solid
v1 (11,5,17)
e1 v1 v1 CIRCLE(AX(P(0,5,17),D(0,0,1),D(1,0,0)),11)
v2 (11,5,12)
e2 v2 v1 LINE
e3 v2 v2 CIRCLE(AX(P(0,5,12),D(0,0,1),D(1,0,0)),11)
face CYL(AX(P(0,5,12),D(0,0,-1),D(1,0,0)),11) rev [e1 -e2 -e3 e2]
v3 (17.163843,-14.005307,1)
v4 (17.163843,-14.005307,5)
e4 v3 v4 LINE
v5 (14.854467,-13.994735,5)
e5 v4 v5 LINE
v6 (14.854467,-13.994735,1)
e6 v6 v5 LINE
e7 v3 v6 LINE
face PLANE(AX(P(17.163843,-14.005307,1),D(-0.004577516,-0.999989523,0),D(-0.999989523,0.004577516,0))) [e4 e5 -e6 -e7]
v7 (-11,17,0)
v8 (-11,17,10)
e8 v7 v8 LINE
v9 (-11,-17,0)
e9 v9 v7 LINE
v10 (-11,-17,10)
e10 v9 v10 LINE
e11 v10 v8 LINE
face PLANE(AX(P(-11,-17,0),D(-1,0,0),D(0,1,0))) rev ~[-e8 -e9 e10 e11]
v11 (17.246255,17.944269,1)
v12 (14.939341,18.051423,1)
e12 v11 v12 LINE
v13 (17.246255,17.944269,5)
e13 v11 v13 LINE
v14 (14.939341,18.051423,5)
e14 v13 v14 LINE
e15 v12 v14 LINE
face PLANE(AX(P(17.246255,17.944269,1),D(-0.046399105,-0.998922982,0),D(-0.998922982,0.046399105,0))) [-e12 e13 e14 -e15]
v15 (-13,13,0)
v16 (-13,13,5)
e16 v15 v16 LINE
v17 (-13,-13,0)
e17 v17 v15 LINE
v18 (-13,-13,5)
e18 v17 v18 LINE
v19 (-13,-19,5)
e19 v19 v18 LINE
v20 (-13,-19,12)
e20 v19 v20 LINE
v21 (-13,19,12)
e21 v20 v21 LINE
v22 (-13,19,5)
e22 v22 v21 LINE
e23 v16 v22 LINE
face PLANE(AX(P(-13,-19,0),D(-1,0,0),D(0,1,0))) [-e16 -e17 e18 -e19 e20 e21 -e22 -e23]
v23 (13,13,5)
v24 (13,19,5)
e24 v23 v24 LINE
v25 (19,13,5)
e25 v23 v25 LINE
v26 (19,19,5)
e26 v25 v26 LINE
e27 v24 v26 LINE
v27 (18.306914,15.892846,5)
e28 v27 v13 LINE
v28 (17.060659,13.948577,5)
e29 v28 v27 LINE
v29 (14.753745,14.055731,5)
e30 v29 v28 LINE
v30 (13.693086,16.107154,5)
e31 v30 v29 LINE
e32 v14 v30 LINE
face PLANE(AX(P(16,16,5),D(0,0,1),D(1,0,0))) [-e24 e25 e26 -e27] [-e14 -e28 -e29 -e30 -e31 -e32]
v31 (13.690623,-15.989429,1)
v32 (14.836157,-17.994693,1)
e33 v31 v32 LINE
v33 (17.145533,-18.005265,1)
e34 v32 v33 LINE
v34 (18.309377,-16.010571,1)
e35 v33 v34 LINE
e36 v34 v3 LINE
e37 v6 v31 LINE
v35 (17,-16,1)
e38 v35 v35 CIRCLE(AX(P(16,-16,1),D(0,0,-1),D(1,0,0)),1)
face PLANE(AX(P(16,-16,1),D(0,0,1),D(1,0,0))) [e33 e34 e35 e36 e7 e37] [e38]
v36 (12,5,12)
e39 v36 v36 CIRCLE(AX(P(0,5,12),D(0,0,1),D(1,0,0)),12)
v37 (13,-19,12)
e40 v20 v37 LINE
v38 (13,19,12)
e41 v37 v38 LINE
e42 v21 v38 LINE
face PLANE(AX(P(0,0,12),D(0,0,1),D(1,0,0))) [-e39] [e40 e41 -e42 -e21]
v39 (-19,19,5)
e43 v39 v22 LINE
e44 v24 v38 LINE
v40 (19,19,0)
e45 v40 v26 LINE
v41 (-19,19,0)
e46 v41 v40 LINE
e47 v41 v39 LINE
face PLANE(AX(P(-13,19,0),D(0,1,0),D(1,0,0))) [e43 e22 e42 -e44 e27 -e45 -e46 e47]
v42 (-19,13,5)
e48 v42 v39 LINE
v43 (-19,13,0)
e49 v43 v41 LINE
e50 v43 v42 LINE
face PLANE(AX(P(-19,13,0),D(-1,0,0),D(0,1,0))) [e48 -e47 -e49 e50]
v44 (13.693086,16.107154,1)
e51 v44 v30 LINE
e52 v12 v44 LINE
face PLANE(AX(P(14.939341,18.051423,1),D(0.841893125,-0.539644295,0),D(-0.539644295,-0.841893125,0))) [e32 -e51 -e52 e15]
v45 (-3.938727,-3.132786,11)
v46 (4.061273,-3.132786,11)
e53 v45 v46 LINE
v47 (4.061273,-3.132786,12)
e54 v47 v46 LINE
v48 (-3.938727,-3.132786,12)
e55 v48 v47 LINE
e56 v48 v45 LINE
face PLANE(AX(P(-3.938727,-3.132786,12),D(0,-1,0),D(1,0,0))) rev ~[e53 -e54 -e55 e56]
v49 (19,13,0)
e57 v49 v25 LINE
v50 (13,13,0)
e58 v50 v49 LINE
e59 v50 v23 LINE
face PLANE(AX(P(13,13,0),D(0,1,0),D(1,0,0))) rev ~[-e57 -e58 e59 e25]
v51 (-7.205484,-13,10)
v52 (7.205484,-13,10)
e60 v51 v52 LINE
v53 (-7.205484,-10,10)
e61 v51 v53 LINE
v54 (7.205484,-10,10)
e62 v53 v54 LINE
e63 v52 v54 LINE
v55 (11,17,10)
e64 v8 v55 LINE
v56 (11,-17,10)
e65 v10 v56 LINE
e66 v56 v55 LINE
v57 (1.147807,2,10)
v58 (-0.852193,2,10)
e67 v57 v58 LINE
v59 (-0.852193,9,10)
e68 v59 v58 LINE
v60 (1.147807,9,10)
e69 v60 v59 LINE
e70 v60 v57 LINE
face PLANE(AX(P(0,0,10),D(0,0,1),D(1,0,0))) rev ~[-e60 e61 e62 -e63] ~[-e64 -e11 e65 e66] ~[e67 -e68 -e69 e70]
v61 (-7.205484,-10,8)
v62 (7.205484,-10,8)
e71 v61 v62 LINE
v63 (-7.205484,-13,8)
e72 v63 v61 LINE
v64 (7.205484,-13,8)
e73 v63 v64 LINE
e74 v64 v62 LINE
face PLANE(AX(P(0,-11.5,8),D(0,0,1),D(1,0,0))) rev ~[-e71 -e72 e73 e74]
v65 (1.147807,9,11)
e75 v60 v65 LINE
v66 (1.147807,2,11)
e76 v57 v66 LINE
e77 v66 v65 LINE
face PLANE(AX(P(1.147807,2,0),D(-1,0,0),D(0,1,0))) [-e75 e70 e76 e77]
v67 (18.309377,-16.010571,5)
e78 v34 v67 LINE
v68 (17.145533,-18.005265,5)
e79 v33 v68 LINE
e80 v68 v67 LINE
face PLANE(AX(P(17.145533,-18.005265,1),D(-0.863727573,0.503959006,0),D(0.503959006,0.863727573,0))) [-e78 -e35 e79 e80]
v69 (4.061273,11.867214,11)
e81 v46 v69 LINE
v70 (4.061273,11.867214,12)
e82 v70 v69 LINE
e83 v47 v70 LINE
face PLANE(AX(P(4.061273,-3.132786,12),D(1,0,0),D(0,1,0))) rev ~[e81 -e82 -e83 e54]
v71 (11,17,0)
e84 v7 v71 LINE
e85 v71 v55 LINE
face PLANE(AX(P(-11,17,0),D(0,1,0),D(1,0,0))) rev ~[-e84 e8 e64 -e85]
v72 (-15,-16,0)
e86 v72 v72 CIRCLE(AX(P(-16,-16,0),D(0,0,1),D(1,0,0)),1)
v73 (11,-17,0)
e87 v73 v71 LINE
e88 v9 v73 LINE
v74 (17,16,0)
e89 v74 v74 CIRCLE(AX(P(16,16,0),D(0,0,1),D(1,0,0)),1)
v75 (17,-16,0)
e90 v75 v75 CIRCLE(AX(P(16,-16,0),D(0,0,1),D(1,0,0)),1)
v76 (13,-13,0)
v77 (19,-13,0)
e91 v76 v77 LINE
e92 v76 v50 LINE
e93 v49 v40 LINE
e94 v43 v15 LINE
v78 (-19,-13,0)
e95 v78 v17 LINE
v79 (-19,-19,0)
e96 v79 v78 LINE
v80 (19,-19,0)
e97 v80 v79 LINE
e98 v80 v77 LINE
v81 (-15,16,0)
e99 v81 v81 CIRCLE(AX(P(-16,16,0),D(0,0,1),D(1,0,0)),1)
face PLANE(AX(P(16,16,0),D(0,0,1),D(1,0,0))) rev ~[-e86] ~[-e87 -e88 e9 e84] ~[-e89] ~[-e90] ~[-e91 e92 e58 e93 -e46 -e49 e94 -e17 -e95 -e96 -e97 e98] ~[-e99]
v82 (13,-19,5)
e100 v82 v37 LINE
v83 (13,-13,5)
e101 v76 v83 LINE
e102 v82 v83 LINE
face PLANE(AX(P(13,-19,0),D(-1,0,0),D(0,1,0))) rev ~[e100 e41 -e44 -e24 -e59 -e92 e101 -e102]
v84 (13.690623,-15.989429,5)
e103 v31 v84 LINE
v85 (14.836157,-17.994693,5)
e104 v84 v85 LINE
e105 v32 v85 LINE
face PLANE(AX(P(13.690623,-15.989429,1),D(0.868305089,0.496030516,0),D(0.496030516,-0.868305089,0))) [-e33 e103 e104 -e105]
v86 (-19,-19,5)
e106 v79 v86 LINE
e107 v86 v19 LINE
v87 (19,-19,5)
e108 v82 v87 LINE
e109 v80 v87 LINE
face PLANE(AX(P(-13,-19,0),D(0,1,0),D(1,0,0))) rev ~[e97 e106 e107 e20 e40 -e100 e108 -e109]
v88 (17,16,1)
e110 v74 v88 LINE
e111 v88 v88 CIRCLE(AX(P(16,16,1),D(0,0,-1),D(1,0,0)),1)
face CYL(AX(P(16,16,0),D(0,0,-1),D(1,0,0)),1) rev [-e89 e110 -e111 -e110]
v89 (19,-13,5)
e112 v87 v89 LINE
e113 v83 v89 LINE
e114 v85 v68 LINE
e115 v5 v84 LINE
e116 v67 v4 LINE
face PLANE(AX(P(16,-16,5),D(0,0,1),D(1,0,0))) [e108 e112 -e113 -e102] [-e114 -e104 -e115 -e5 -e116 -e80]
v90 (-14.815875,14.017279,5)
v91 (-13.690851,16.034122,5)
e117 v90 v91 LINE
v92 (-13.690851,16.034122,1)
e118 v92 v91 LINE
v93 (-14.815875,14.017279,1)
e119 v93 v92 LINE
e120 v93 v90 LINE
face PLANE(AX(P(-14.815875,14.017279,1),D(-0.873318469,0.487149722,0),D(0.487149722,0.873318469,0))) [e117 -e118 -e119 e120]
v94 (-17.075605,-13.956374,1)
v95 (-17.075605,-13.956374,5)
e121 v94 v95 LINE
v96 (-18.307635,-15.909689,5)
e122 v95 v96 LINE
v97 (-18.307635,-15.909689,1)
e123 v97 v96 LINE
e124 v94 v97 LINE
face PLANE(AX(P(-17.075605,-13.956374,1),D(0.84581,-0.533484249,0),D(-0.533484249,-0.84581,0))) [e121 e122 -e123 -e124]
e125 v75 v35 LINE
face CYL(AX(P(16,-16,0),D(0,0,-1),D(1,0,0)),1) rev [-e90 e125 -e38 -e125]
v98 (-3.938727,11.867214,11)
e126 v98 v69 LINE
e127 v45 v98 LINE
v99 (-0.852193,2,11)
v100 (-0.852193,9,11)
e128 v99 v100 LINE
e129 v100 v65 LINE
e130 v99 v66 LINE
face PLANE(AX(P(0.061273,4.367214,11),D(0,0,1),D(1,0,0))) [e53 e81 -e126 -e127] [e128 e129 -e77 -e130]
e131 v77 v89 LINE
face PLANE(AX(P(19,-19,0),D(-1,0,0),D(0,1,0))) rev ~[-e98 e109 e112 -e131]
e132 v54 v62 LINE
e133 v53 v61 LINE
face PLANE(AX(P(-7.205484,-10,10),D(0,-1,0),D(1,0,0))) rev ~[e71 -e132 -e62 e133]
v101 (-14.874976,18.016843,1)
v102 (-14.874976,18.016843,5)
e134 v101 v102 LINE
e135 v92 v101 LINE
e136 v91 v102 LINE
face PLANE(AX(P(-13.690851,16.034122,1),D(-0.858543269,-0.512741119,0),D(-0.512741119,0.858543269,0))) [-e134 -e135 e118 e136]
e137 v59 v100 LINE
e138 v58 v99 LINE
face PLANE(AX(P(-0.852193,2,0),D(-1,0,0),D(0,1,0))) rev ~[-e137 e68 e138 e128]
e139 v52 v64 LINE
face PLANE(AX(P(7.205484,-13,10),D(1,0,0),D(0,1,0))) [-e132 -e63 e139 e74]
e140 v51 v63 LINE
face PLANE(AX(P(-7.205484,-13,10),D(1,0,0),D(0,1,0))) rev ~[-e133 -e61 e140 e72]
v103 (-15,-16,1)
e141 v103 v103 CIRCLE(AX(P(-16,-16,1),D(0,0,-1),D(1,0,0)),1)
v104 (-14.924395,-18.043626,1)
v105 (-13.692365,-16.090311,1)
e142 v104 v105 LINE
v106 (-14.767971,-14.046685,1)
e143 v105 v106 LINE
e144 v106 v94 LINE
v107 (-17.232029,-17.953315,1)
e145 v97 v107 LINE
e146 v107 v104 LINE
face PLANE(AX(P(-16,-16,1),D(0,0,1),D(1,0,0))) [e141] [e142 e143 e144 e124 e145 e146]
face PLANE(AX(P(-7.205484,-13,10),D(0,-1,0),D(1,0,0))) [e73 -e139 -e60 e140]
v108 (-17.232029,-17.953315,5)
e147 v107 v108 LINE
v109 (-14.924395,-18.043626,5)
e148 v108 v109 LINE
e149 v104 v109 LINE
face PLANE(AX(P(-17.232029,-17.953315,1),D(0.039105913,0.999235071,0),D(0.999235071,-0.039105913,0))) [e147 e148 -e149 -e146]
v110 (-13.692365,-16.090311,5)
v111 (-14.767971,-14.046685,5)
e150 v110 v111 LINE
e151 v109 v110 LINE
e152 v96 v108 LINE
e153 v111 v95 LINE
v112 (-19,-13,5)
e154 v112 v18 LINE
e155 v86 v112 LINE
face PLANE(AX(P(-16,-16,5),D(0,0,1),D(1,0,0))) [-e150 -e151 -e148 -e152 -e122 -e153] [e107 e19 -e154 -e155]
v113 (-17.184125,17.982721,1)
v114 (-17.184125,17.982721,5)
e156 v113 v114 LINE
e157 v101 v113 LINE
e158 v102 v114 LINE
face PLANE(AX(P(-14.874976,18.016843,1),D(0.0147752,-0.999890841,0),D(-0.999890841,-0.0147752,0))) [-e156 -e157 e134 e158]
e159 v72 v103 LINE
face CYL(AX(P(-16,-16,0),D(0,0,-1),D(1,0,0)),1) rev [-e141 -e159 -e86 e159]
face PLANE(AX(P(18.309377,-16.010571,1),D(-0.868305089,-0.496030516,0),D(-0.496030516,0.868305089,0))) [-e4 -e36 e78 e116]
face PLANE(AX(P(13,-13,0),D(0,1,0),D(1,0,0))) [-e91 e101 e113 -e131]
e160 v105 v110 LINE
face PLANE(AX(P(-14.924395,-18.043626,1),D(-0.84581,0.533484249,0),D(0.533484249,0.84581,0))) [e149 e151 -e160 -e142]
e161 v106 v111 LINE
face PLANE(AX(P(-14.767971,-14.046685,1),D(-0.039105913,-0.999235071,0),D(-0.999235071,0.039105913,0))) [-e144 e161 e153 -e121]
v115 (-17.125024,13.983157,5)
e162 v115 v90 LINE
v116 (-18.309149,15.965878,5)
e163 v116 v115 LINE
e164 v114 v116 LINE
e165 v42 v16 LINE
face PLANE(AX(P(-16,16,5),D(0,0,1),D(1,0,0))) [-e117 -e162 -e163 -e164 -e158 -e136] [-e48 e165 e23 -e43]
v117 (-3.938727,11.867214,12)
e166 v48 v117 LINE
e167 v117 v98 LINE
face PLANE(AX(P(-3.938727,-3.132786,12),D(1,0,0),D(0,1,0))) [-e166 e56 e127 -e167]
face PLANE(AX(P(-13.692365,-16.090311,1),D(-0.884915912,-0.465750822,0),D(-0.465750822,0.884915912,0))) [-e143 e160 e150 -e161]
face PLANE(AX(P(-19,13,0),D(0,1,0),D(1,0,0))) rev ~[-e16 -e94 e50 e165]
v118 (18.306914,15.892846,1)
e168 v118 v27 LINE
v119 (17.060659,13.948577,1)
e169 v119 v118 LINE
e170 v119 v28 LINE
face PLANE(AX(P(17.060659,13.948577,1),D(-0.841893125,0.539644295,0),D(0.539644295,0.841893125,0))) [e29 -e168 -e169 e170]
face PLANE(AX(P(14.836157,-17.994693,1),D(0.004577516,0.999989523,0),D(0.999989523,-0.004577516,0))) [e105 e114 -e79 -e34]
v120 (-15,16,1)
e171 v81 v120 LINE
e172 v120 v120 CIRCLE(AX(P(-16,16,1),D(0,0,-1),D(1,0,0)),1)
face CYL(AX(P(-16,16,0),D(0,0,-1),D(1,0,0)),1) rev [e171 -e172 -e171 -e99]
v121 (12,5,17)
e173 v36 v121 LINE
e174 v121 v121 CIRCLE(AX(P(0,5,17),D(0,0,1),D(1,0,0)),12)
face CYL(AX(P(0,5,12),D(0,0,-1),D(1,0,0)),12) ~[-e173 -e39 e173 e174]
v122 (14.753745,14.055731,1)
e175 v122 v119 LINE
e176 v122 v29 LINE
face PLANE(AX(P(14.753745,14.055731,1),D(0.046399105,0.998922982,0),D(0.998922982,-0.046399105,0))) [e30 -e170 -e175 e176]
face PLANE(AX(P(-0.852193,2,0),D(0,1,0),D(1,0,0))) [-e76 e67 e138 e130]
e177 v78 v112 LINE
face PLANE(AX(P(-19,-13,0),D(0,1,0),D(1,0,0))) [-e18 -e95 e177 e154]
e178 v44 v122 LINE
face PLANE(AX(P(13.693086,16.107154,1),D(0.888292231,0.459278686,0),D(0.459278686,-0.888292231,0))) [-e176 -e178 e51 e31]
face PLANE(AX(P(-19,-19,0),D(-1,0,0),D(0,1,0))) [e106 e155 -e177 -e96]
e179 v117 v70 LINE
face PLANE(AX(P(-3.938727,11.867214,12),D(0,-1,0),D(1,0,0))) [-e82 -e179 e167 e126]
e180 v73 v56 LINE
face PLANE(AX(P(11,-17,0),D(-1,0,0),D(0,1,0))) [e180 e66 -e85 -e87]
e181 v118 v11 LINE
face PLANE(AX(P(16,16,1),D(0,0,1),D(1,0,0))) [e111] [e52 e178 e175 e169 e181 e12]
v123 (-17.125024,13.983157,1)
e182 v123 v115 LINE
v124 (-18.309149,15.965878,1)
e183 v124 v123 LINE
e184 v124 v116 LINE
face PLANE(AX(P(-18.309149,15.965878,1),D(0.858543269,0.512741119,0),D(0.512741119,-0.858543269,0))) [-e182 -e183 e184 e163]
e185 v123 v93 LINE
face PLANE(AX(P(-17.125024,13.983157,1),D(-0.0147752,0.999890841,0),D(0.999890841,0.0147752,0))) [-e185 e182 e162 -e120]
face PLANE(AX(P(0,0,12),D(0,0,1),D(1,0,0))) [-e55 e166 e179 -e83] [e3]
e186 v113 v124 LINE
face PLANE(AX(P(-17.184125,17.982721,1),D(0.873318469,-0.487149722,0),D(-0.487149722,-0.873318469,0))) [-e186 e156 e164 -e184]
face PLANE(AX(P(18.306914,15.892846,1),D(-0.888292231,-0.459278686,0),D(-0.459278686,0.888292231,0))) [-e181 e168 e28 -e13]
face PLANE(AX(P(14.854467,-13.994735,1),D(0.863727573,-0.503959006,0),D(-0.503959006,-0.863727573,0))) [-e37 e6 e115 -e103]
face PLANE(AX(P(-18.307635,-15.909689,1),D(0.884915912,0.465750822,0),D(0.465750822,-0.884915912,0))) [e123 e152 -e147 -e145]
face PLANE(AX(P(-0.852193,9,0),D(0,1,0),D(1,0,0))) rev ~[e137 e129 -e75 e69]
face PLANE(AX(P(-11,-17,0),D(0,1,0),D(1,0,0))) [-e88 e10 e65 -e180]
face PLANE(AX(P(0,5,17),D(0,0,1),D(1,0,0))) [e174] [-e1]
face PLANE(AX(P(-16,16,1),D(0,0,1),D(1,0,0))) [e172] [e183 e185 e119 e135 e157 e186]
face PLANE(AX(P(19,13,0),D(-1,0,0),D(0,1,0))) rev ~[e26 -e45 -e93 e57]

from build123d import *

# Parameters (mm, degrees)
SKETCH_1_W          = 26
SKETCH_1_H          = 38
EXTRUDE_1_DEPTH     = 12
SKETCH_2_W          = 22
SKETCH_2_H          = 34
CUT_EXTRUDE_1_DEPTH = 10
SKETCH_3_W          = 2
SKETCH_3_H          = 7
CUT_EXTRUDE_3_DEPTH = 12
SKETCH_4_W          = 6
SKETCH_4_H          = 6
EXTRUDE_2_DEPTH     = 5
SKETCH_5_R          = 1
CUT_EXTRUDE_4_DEPTH = 13
CUT_EXTRUDE_START   = 1
CUT_EXTRUDE_5_DEPTH = 4
SKETCH_7_R          = 12
SKETCH_7_R_2        = 11
EXTRUDE_3_DEPTH     = 5
SKETCH_9_W          = 8
SKETCH_9_H          = 15
CUT_EXTRUDE_7_DEPTH = 1
SKETCH_10_W         = 14.41096837
SKETCH_10_H         = 3
EXTRUDE_4_DEPTH     = 2


with BuildPart() as part:
    # ｽｹｯﾁ1 → ﾎﾞｽ - 押し出し1 (new body)
    with BuildSketch(Plane.XY):
        Rectangle(SKETCH_1_W, SKETCH_1_H)
    extrude(amount=EXTRUDE_1_DEPTH)

    # ｽｹｯﾁ2 → ｶｯﾄ - 押し出し1 (cut)
    with BuildSketch(Plane.XY):
        Rectangle(SKETCH_2_W, SKETCH_2_H)
    extrude(amount=CUT_EXTRUDE_1_DEPTH, mode=Mode.SUBTRACT)

    # ｽｹｯﾁ3 → ｶｯﾄ - 押し出し3 (cut)
    with BuildSketch(Plane.XY):
        with Locations((0.147807357, 5.5)):
            Rectangle(SKETCH_3_W, SKETCH_3_H)
    extrude(amount=CUT_EXTRUDE_3_DEPTH, mode=Mode.SUBTRACT)

    # ｽｹｯﾁ4 → ﾎﾞｽ - 押し出し2 (add)
    with BuildSketch(Plane.XY):
        with Locations((16, 16)):
            Rectangle(SKETCH_4_W, SKETCH_4_H)
        with Locations((16, -16)):
            Rectangle(SKETCH_4_W, SKETCH_4_H)
        with Locations((-16, -16)):
            Rectangle(SKETCH_4_W, SKETCH_4_H)
        with Locations((-16, 16)):
            Rectangle(SKETCH_4_W, SKETCH_4_H)
    extrude(amount=EXTRUDE_2_DEPTH)

    # ｽｹｯﾁ5 → ｶｯﾄ - 押し出し4 (cut, through all)
    with BuildSketch(Plane.XY):
        with Locations((-16, 16)):
            Circle(SKETCH_5_R)
        with Locations((-16, -16)):
            Circle(SKETCH_5_R)
        with Locations((16, -16)):
            Circle(SKETCH_5_R)
        with Locations((16, 16)):
            Circle(SKETCH_5_R)
    extrude(amount=CUT_EXTRUDE_4_DEPTH, mode=Mode.SUBTRACT)

    # ｽｹｯﾁ6 → ｶｯﾄ - 押し出し5 (cut)
    with BuildSketch(Plane.XY.offset(CUT_EXTRUDE_START)):
        Polygon((-17.184124892, 17.98272075), (-18.309148984, 15.965878137), (-17.125024092, 13.983157387), (-14.815875108, 14.01727925), (-13.690851016, 16.034121863), (-14.874975908, 18.016842613), align=None)
        Polygon((-17.07560545, -13.956374239), (-18.307634549, -15.909688764), (-17.2320291, -17.953314524), (-14.92439455, -18.043625761), (-13.692365451, -16.090311236), (-14.7679709, -14.046685476), align=None)
        Polygon((14.939341307, 18.051423035), (13.693086191, 16.107154145), (14.753744884, 14.055731109), (17.060658693, 13.948576965), (18.306913809, 15.892845855), (17.246255116, 17.944268891), align=None)
        Polygon((14.854466591, -13.994735294), (13.690623119, -15.98942868), (14.836156527, -17.994693386), (17.145533409, -18.005264706), (18.309376881, -16.01057132), (17.163843473, -14.005306614), align=None)
    extrude(amount=CUT_EXTRUDE_5_DEPTH, mode=Mode.SUBTRACT)

    # ｽｹｯﾁ7 → ﾎﾞｽ - 押し出し3 (add)
    with BuildSketch(Plane.XY.offset(12)):
        with Locations((0, 5)):
            Circle(SKETCH_7_R)
        with Locations((0, 5)):
            Circle(SKETCH_7_R_2, mode=Mode.SUBTRACT)
    extrude(amount=EXTRUDE_3_DEPTH)

    # ｽｹｯﾁ9 → ｶｯﾄ - 押し出し7 (cut)
    with BuildSketch(Plane.XY.offset(12)):
        with Locations((0.061272904, 4.367214105)):
            Rectangle(SKETCH_9_W, SKETCH_9_H)
    extrude(amount=-CUT_EXTRUDE_7_DEPTH, mode=Mode.SUBTRACT)

    # ｽｹｯﾁ10 → ﾎﾞｽ - 押し出し4 (add)
    with BuildSketch(Plane.XY.offset(10)):
        with Locations((0, -11.5)):
            Rectangle(SKETCH_10_W, SKETCH_10_H)
    extrude(amount=-EXTRUDE_4_DEPTH)


solid = part.part
